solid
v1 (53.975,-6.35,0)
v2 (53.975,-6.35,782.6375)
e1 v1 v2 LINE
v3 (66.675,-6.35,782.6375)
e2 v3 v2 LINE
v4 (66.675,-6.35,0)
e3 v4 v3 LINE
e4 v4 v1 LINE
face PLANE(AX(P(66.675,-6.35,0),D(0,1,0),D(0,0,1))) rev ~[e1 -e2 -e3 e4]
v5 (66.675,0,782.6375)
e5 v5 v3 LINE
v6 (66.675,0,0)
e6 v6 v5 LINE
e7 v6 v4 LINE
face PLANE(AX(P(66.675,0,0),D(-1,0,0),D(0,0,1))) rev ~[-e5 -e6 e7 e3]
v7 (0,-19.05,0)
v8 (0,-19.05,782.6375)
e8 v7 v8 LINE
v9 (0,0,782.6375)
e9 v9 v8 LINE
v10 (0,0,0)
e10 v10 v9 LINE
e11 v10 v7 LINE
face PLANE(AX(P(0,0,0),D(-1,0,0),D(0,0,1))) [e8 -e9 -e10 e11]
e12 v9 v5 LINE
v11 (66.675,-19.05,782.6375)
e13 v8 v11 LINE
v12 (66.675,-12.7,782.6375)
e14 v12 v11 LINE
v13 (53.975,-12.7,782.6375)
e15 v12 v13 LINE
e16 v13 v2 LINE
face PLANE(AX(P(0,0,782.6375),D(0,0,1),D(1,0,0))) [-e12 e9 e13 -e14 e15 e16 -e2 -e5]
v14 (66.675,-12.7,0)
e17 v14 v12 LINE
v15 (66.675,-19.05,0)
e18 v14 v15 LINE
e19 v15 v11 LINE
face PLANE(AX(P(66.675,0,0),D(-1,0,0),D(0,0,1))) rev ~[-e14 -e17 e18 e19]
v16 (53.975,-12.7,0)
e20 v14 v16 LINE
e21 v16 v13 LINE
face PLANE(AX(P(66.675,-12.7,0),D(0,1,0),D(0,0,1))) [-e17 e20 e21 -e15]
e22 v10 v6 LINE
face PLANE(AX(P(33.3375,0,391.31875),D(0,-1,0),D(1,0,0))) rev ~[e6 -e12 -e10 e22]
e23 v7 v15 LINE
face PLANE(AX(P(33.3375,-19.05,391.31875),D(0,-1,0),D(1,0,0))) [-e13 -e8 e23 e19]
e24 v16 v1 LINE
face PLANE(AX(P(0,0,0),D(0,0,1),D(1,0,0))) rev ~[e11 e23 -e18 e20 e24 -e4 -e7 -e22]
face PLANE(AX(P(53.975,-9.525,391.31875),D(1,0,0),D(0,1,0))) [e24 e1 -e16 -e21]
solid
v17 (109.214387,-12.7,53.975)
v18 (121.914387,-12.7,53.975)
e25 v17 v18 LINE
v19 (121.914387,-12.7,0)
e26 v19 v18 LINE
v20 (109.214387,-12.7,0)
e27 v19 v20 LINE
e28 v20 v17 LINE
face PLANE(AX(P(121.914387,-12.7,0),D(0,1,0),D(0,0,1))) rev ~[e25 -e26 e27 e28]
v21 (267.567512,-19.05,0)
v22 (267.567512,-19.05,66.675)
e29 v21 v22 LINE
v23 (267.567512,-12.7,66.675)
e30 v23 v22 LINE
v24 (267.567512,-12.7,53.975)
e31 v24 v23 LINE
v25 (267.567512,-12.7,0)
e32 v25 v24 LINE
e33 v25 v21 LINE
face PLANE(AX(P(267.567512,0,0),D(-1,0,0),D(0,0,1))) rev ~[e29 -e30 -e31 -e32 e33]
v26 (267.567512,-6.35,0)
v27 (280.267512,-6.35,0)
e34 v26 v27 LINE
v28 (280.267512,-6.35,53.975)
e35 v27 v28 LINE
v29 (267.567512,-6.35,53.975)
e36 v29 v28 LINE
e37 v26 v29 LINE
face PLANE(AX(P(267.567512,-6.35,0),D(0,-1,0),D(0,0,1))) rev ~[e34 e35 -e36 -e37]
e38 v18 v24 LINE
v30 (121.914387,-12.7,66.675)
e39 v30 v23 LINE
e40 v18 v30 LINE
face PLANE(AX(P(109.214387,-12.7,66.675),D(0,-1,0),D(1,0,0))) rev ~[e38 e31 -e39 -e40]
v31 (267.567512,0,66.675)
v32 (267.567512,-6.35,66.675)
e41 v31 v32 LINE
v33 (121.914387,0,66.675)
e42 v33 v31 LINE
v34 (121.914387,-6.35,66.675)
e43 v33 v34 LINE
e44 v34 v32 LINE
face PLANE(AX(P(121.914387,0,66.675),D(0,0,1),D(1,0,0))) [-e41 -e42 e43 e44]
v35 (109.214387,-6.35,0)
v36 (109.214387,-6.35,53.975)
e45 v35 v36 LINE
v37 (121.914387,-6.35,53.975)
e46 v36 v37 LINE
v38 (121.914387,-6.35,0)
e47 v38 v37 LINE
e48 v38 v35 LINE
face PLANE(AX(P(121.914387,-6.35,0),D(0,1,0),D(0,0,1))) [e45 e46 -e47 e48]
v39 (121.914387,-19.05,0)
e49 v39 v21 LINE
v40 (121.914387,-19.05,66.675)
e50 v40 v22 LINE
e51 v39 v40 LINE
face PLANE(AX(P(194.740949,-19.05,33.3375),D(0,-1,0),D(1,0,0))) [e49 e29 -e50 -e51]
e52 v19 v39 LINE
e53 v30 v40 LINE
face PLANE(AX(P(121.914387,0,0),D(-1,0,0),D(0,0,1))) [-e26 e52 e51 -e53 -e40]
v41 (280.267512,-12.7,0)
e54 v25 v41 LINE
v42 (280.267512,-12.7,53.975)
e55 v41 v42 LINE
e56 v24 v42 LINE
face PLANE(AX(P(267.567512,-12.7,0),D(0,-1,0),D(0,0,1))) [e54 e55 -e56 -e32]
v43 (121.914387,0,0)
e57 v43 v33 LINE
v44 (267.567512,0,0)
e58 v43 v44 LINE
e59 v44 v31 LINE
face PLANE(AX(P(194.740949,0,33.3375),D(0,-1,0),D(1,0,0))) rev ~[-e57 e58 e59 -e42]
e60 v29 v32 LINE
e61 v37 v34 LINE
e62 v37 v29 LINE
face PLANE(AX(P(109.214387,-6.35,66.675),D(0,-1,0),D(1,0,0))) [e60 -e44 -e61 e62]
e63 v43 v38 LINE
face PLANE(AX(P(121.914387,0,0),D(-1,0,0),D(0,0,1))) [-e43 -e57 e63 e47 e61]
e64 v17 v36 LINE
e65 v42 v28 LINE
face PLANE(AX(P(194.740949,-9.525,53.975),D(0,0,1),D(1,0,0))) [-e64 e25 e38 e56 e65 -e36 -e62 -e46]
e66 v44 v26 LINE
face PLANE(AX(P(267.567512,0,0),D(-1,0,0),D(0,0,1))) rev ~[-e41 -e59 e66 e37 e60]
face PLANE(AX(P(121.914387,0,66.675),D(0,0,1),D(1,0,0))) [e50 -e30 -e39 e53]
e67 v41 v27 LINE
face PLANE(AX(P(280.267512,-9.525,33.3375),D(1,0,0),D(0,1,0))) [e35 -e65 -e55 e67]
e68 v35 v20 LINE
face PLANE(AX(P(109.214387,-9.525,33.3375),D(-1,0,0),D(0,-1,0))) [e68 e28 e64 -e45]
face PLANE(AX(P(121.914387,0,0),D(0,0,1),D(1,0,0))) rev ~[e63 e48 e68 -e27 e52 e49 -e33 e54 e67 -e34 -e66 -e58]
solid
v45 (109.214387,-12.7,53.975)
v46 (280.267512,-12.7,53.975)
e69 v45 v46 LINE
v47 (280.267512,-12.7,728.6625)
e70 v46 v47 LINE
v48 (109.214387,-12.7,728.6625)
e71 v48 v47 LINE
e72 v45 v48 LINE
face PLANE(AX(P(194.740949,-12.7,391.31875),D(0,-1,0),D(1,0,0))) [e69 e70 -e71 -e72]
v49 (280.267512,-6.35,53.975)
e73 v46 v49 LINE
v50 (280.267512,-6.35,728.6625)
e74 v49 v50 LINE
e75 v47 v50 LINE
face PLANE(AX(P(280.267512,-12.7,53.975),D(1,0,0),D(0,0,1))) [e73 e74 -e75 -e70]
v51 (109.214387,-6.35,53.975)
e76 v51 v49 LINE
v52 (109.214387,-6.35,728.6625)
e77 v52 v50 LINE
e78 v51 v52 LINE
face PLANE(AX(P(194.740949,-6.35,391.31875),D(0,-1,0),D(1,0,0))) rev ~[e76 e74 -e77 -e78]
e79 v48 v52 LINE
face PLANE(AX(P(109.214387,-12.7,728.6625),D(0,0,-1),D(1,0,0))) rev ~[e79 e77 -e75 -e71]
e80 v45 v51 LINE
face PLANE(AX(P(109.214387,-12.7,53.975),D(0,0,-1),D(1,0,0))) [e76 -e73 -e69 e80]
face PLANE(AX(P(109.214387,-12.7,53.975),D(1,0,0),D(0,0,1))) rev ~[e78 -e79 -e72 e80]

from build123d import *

# Parameters (mm, degrees)
F0_W      = 66.675
F0_H      = 782.6375
F1_DEPTH  = 19.05
F2_W      = 6.35
F2_H      = 782.6375
F3_DEPTH  = 12.7
F4_W      = 145.653125
F4_H      = 66.675
F5_DEPTH  = 19.05
F6_W      = 6.35
F6_H      = 66.675
F7_DEPTH  = 12.7
F8_W      = 6.35
F8_H      = 66.675
F9_DEPTH  = 12.7
F10_W     = 171.053125
F10_H     = 6.35
F11_DEPTH = 12.7
F12_W     = 171.053125
F12_H     = 674.6875
F13_DEPTH = 6.35


with BuildPart() as f1:
    # F0 (on Front) → F1 (new body)
    with BuildSketch(Plane.XZ):
        with Locations((33.3375, 391.31875)):
            Rectangle(F0_W, F0_H)
    extrude(amount=F1_DEPTH)

    # F2 (on face) → F3 (cut)
    with BuildSketch(Plane.YZ.offset(66.675)):
        with Locations((-9.525, 391.31875)):
            Rectangle(F2_W, F2_H)
    extrude(amount=-F3_DEPTH, mode=Mode.SUBTRACT)


with BuildPart() as f5:
    # F4 (on Front) → F5 (new body)
    with BuildSketch(Plane.XZ):
        with Locations((194.7409492493, 33.3375)):
            Rectangle(F4_W, F4_H)
    extrude(amount=F5_DEPTH)

    # F6 (on face) → F7 (join)
    with BuildSketch(Plane(origin=(121.9143867493, 0, 0), x_dir=(0, -1, 0), z_dir=(-1, 0, 0))):
        with Locations((9.525, 33.3375)):
            Rectangle(F6_W, F6_H)
    extrude(amount=F7_DEPTH)

    # F8 (on face) → F9 (join)
    with BuildSketch(Plane.YZ.offset(267.5675117493)):
        with Locations((-9.525, 33.3375)):
            Rectangle(F8_W, F8_H)
    extrude(amount=F9_DEPTH)

    # F10 (on face) → F11 (cut)
    with BuildSketch(Plane.XY.offset(66.675)):
        with Locations((194.7409492493, -9.525)):
            Rectangle(F10_W, F10_H)
    extrude(amount=-F11_DEPTH, mode=Mode.SUBTRACT)


with BuildPart() as f13:
    # F12 (on face) → F13 (new body, through all)
    with BuildSketch(Plane.XZ.offset(12.7)):
        with Locations((194.7409492493, 391.31875)):
            Rectangle(F12_W, F12_H)
    extrude(amount=-F13_DEPTH)


solid = Compound([f1.part, f5.part, f13.part])
